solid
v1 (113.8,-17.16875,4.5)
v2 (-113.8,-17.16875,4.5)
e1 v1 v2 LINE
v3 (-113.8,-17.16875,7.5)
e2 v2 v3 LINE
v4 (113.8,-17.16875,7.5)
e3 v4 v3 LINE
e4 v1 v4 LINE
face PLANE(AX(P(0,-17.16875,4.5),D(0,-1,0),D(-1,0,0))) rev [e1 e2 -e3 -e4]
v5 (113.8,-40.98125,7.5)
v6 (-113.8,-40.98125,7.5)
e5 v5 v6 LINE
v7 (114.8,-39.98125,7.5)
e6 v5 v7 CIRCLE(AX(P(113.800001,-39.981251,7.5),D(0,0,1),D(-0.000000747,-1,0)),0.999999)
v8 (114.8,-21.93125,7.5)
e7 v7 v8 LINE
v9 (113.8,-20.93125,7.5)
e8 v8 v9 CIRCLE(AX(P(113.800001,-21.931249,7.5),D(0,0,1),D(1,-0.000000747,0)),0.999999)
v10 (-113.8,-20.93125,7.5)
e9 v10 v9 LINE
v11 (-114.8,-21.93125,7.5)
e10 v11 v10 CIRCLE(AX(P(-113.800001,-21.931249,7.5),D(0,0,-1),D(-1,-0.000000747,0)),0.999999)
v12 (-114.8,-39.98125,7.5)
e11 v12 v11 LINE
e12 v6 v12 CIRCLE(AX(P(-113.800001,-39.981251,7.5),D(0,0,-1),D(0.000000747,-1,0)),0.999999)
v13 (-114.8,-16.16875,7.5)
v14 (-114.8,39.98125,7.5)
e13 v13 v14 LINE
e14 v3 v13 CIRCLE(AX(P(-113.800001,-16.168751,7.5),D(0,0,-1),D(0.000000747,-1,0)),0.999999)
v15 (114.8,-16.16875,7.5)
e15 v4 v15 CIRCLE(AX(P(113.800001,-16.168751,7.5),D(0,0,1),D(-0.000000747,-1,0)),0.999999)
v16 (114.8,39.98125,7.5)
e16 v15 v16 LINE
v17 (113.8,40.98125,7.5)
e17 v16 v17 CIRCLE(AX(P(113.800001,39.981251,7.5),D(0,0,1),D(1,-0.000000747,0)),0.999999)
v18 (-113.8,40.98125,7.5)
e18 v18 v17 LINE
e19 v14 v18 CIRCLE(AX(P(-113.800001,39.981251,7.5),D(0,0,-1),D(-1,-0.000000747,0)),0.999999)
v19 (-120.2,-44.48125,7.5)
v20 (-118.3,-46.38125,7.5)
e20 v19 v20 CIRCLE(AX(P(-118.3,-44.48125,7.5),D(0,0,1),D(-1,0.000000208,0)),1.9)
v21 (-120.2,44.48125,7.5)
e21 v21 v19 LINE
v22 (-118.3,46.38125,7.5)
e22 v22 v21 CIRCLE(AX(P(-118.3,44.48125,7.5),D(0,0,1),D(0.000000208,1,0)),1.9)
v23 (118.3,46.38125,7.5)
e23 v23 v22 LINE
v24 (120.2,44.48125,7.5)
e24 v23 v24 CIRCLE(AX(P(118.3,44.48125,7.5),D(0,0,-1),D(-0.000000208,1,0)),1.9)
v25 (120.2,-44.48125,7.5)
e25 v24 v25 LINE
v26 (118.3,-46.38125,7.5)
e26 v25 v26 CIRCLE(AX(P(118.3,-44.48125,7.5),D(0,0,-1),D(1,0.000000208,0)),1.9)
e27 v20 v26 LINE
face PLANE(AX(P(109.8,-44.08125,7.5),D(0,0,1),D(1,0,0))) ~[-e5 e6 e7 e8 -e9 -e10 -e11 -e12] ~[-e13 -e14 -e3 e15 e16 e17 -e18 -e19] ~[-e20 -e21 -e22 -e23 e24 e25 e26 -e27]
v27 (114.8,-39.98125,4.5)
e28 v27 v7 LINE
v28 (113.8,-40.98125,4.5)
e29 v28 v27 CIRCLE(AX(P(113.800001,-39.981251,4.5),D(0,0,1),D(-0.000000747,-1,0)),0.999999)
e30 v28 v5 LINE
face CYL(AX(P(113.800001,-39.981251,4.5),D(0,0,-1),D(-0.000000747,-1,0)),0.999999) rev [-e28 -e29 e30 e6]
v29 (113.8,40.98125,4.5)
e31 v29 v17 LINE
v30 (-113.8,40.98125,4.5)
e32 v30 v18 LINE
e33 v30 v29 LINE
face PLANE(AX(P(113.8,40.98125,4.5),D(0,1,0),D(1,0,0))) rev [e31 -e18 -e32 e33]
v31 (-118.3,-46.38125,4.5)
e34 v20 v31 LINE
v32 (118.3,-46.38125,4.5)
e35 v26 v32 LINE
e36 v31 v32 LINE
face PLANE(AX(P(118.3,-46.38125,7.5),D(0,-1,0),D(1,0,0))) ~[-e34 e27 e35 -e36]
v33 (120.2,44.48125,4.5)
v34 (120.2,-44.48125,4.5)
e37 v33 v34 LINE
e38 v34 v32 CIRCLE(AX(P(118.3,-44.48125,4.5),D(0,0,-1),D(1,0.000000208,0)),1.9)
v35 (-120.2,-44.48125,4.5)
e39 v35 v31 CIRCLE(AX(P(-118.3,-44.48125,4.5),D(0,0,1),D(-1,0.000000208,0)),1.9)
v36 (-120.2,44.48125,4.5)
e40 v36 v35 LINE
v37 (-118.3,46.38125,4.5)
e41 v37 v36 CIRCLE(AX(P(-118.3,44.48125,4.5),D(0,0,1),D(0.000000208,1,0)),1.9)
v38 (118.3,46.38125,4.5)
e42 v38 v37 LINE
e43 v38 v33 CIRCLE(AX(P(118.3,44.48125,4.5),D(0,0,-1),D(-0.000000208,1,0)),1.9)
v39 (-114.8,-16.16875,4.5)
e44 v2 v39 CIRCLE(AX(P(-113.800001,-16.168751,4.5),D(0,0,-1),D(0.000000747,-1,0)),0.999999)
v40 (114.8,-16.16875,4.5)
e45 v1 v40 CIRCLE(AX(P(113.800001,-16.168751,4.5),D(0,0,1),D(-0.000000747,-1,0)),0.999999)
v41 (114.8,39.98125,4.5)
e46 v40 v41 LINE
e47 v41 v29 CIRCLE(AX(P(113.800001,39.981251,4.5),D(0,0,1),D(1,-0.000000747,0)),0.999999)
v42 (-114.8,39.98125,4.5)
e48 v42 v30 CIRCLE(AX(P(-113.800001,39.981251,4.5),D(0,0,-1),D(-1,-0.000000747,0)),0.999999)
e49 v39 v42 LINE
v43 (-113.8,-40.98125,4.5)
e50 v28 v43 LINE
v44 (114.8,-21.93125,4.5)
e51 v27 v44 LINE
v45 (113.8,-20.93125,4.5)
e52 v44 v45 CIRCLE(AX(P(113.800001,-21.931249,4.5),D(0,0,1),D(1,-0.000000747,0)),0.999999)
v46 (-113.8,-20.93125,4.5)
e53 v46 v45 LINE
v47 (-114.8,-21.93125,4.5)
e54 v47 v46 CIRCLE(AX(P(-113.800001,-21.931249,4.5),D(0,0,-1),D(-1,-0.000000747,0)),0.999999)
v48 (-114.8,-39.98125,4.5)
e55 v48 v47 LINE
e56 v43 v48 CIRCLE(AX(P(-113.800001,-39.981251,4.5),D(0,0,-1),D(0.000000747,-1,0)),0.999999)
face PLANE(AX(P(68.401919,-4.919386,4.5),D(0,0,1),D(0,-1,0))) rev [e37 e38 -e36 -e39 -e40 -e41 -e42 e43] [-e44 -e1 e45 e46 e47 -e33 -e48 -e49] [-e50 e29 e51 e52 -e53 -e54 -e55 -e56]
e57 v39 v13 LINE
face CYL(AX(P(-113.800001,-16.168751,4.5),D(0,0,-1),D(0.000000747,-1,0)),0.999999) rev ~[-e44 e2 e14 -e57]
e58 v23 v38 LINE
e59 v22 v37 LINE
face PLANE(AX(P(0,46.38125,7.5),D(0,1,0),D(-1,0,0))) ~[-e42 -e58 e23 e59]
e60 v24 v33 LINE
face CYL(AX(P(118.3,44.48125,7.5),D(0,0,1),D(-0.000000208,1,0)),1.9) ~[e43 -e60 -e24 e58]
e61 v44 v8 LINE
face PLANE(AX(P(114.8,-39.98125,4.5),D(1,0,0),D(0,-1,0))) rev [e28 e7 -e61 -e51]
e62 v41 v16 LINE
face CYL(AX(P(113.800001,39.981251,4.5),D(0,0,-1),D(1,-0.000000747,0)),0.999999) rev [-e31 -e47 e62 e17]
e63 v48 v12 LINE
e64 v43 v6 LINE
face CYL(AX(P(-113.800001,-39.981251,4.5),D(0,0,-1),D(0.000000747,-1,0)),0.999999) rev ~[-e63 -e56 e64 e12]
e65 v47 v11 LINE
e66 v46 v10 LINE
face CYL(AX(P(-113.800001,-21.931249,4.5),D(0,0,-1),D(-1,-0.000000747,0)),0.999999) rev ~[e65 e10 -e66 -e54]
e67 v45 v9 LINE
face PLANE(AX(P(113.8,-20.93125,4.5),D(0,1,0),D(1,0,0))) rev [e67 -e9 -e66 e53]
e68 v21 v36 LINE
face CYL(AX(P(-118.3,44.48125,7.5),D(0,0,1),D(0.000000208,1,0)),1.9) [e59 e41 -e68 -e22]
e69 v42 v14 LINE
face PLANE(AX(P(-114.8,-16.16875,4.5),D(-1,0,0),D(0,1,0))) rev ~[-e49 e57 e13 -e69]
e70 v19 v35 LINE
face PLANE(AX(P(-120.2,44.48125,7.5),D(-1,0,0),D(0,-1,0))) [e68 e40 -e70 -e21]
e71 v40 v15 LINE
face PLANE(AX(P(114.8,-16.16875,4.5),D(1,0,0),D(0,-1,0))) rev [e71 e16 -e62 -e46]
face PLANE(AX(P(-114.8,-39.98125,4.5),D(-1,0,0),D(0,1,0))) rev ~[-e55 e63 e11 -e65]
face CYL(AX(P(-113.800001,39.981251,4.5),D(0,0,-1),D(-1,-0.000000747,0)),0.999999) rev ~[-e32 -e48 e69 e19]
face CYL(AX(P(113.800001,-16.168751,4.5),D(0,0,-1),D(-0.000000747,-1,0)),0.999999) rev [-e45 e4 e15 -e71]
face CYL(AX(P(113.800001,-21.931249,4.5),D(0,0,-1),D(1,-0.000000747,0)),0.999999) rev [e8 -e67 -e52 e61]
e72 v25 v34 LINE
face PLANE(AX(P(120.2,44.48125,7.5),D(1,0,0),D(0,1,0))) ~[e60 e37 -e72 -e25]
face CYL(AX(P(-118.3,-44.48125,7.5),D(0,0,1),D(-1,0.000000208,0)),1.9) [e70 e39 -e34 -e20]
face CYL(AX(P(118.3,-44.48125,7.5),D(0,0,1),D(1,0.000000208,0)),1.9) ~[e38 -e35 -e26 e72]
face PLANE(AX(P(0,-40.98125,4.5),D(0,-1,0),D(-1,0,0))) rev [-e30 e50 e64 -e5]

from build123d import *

# Parameters (mm, degrees)
SHAPEBINDER_R   = 1.75
PAD020_DEPTH    = 3
SKETCH057_R     = 1.75
PAD021_DEPTH    = 3
POCKET032_DEPTH = 3


with BuildPart() as body:
    # ShapeBinder → Pad020 (new body)
    with BuildSketch(Plane(origin=(-71.291879, -3.78464, 4.5), x_dir=(0, 1, 0), z_dir=(0, 0, 1))):
        with BuildLine():
            Line((44.76589, 42.508121), (44.76589, -71.291879))
            Line((44.76589, -71.291879), (46.11589, -71.291879))
            ThreePointArc((46.11589, -71.291879), (47.86589, -69.541879), (49.61589, -71.291879))
            Line((49.61589, -71.291879), (50.26589, -71.291879))
            Line((50.26589, -71.291879), (50.26589, 47.008121))
            ThreePointArc((50.26589, 47.008121), (49.680103, 48.422335), (48.26589, 49.008121))
            Line((48.26589, 49.008121), (-40.69661, 49.008121))
            ThreePointArc((-40.69661, 49.008121), (-42.110824, 48.422335), (-42.69661, 47.008121))
            Line((-42.69661, 47.008121), (-42.69661, -71.291879))
            Line((-42.69661, -71.291879), (-42.04661, -71.291879))
            ThreePointArc((-42.04661, -71.291879), (-40.29661, -69.541879), (-38.54661, -71.291879))
            Line((-38.54661, -71.291879), (-37.19661, -71.291879))
            Line((-37.19661, -71.291879), (-37.19661, 42.508121))
            ThreePointArc((-37.19661, 42.508121), (-36.903717, 43.215228), (-36.19661, 43.508121))
            Line((-36.19661, 43.508121), (-18.14661, 43.508121))
            ThreePointArc((-18.14661, 43.508121), (-17.439503, 43.215228), (-17.14661, 42.508121))
            Line((-17.14661, 42.508121), (-17.14661, -71.291879))
            Line((-17.14661, -71.291879), (-13.38411, -71.291879))
            Line((-13.38411, -71.291879), (-13.38411, 42.508121))
            ThreePointArc((-13.38411, 42.508121), (-13.091217, 43.215228), (-12.38411, 43.508121))
            Line((-12.38411, 43.508121), (43.76589, 43.508121))
            ThreePointArc((43.76589, 43.508121), (44.472997, 43.215228), (44.76589, 42.508121))
        make_face()
        with Locations((-40.29661, 38.508121)):
            Circle(SHAPEBINDER_R, mode=Mode.SUBTRACT)
        with Locations((47.86589, 38.508121)):
            Circle(SHAPEBINDER_R, mode=Mode.SUBTRACT)
    extrude(amount=PAD020_DEPTH)

    # Sketch057 (on Face26 of Pad020) → Pad021 (join)
    with BuildSketch(Plane.XY.offset(7.5)):
        with Locations((-109.8, -44.08125)):
            Circle(SKETCH057_R)
        with Locations((-109.8, 44.08125)):
            Circle(SKETCH057_R)
        with BuildLine():
            ThreePointArc((0, 45.83125), (-1.75, 44.08125), (0, 42.33125))
            Line((0, 45.83125), (0, 42.33125))
        make_face()
        with BuildLine():
            ThreePointArc((0, -42.33125), (-1.75, -44.08125), (0, -45.83125))
            Line((0, -45.83125), (0, -42.33125))
        make_face()
    extrude(amount=-PAD021_DEPTH)

    # Sketch058 (on Face20 of Pad021) → Pocket032 (cut)
    with BuildSketch(Plane.XY.offset(7.5)):
        with BuildLine():
            ThreePointArc((-118.3, 48.48125), (-121.128427, 47.309677), (-122.3, 44.48125))
            Line((-122.3, -44.48125), (-122.3, 44.48125))
            ThreePointArc((-122.3, -44.48125), (-121.128427, -47.309677), (-118.3, -48.48125))
            Line((2, -48.48125), (-118.3, -48.48125))
            Line((2, 48.48125), (2, -48.48125))
            Line((-118.3, 48.48125), (2, 48.48125))
        make_face()
        with BuildLine():
            ThreePointArc((-118.3, 46.38125), (-119.643503, 45.824753), (-120.2, 44.48125))
            Line((-120.2, 44.48125), (-120.2, -44.48125))
            ThreePointArc((-120.2, -44.48125), (-119.643503, -45.824753), (-118.3, -46.38125))
            Line((-118.3, -46.38125), (0, -46.38125))
            Line((0, -46.38125), (0, 46.38125))
            Line((0, 46.38125), (-118.3, 46.38125))
        make_face(mode=Mode.SUBTRACT)
    extrude(amount=-POCKET032_DEPTH, mode=Mode.SUBTRACT)


with BuildPart() as part_mirroring003:
    # Part__Mirroring003: instance of Body
    add(body.part.mirror(Plane(origin=(0, 0, 0), x_dir=(0, -1, 0), z_dir=(1, 0, 0))))


with BuildPart() as case_inlay:
    # Fusion003 base: copy of Body
    add(body.part)

    # Fusion003: union Part__Mirroring003
    add(part_mirroring003.part)


solid = case_inlay.part
